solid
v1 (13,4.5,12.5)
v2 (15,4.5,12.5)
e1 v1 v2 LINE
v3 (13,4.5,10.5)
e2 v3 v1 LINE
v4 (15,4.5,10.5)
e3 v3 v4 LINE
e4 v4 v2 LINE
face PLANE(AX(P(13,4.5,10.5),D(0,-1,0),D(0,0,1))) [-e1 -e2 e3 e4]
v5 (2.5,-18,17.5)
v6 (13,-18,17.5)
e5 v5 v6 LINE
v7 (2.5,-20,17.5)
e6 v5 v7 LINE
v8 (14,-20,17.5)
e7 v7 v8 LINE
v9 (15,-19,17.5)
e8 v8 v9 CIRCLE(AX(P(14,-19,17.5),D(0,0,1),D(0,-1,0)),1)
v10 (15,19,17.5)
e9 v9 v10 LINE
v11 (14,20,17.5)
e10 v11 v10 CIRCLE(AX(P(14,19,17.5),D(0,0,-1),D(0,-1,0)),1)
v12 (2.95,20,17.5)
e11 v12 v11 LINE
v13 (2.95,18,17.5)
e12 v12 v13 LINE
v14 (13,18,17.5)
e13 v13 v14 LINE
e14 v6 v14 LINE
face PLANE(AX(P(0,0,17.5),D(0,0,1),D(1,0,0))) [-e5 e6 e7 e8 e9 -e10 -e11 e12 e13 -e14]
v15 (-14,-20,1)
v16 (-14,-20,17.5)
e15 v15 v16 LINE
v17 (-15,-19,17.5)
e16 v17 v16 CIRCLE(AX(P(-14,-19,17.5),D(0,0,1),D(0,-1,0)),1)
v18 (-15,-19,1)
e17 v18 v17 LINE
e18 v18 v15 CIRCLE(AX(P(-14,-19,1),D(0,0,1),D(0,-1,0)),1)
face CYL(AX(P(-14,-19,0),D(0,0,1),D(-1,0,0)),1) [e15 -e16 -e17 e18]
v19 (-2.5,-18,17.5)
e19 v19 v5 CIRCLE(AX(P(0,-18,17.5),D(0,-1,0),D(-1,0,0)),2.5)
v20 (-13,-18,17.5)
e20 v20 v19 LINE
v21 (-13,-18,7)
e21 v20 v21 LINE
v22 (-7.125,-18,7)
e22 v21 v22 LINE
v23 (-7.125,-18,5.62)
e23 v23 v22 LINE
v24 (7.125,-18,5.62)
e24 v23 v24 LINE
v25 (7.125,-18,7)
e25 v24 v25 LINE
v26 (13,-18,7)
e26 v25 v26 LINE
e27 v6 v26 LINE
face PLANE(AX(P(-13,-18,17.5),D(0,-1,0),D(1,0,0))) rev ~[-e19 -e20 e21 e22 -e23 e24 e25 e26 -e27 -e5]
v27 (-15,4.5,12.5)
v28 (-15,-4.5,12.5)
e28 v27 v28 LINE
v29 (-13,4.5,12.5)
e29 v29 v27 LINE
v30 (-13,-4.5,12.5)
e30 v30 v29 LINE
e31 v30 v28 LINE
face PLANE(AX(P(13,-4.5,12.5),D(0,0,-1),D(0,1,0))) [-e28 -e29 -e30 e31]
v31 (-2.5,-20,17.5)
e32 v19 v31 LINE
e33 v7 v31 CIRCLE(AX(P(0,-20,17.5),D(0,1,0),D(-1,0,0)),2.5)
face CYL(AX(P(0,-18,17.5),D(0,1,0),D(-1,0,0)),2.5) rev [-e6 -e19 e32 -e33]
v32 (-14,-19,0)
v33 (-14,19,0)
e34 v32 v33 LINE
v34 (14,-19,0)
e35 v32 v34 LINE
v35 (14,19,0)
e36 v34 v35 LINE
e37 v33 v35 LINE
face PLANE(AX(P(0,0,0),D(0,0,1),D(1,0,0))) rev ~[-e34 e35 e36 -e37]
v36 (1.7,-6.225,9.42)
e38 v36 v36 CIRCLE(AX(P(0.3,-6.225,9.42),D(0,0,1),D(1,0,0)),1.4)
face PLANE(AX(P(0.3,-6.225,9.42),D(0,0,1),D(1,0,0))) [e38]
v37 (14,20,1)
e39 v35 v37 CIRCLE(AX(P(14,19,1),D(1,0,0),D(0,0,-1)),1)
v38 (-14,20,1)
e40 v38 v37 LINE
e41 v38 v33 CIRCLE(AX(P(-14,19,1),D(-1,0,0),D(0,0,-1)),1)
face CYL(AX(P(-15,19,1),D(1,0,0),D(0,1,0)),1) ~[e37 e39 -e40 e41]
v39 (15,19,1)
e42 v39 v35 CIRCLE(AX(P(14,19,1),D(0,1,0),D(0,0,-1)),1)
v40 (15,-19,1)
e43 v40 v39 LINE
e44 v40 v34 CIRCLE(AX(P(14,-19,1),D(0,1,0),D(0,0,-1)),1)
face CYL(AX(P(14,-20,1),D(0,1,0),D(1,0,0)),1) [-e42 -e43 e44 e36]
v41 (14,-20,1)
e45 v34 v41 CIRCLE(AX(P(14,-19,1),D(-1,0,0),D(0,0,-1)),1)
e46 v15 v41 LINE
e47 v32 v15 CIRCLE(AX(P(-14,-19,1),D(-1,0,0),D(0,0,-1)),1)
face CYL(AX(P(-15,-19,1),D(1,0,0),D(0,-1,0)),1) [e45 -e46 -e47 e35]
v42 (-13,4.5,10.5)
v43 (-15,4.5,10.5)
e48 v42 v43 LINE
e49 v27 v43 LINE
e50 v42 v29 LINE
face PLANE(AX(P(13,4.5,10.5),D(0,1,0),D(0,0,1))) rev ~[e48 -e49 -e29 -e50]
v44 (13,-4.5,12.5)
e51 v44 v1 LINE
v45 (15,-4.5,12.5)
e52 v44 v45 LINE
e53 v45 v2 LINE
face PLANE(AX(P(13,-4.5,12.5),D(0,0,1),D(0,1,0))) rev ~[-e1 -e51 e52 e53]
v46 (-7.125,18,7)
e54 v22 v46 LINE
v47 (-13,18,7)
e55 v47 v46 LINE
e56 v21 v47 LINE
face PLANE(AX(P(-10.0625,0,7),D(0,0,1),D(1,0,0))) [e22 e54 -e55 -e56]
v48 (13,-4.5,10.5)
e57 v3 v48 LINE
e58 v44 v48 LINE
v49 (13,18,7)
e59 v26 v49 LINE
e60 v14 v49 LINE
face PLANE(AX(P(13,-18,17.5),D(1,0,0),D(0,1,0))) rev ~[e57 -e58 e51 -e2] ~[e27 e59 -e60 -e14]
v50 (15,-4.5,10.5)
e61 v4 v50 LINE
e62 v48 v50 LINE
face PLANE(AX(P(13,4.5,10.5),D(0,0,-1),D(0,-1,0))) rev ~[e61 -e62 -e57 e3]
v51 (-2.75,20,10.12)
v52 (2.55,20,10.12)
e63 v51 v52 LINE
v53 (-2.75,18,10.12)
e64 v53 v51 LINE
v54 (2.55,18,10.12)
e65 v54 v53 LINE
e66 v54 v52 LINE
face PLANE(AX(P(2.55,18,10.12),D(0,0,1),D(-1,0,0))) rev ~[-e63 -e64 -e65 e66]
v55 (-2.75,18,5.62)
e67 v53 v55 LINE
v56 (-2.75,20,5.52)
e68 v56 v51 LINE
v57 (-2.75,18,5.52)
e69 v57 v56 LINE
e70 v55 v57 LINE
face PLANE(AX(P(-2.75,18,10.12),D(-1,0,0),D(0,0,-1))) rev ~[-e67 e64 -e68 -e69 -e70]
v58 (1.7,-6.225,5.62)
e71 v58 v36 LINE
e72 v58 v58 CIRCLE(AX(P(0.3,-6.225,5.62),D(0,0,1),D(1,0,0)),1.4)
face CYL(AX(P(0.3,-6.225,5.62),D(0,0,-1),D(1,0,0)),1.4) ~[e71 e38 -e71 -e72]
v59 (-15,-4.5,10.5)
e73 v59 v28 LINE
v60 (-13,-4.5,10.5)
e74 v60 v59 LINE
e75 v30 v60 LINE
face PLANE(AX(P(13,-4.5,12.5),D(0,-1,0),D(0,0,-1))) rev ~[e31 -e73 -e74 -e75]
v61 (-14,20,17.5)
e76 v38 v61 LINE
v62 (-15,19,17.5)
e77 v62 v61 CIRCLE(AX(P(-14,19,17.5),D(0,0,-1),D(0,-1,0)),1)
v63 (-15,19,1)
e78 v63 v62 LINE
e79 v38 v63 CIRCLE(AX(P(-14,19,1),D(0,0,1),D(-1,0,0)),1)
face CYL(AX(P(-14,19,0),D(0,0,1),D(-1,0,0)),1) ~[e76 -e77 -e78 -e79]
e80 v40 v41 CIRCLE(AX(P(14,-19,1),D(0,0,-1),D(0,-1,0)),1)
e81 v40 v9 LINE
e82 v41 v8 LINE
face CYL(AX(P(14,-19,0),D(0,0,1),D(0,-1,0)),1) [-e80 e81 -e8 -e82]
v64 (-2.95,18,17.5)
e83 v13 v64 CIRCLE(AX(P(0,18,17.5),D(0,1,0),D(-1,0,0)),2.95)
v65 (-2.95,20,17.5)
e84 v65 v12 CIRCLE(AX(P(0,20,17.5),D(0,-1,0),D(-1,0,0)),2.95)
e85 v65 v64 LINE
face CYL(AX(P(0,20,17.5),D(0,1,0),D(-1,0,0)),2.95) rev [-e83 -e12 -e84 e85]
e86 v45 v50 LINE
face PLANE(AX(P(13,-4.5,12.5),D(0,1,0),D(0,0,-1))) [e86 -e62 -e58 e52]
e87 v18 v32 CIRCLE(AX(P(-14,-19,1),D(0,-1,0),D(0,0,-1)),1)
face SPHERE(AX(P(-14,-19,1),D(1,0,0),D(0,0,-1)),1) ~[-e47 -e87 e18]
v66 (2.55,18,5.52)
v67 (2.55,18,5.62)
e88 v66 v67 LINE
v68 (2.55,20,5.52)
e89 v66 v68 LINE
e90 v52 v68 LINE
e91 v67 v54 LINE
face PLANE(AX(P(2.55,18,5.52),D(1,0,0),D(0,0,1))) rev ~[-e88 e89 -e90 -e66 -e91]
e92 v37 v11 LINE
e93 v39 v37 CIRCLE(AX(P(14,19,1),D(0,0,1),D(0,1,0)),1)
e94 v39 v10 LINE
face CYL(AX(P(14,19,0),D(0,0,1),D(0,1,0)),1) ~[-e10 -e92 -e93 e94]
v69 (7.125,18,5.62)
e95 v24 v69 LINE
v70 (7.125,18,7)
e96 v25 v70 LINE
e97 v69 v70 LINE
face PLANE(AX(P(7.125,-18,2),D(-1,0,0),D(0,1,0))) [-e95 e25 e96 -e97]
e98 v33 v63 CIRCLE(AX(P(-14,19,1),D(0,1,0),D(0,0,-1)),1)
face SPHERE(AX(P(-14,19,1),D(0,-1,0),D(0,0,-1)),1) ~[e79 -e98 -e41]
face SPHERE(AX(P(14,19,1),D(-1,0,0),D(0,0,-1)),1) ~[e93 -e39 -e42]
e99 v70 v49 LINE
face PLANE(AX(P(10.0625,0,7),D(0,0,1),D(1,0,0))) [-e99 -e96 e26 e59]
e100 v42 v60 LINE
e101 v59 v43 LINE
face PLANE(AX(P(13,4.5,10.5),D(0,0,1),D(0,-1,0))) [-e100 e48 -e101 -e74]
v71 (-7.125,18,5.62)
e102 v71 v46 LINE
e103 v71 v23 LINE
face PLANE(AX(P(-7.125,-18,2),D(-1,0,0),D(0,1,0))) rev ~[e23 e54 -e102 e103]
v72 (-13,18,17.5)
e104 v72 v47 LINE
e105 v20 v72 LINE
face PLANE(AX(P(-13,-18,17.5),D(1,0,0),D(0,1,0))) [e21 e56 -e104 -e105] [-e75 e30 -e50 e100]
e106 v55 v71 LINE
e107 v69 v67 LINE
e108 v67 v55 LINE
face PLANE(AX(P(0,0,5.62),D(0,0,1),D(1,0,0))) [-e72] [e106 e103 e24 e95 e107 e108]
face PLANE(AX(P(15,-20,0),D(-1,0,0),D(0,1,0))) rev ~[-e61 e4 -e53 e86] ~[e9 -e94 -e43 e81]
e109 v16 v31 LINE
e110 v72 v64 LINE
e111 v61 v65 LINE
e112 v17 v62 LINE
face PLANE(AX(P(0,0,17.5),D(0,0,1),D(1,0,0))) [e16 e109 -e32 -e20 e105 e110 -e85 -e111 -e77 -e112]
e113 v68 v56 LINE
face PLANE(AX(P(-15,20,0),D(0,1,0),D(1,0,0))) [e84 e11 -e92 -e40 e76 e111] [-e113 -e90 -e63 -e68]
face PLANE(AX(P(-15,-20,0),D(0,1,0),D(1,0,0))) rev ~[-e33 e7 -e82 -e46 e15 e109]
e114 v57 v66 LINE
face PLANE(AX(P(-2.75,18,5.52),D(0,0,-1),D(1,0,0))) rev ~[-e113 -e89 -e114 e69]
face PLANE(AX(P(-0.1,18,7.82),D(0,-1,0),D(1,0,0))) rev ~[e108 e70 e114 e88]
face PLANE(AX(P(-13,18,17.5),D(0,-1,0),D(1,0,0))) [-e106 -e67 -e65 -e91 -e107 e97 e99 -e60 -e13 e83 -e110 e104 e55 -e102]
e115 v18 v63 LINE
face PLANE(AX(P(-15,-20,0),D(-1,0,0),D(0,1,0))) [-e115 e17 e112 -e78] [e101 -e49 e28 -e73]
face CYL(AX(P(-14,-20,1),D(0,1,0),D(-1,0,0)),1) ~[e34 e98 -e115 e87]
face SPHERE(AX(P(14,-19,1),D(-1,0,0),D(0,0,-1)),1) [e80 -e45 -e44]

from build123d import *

# Parameters (mm, degrees)
SKETCH1_W               = 30
SKETCH1_H               = 40
BOSS_EXTRUDE1_DEPTH     = 17.5
SKETCH2_W               = 26
SKETCH2_H               = 36
CUT_EXTRUDE1_DEPTH      = 15.5
BOSS_EXTRUDE2_DEPTH     = 3.62
CUT_EXTRUDE5_DEPTH      = 29
CUT_EXTRUDE5_DEPTH_BACK = 3
CUT_EXTRUDE6_DEPTH      = 3
SKETCH13_W              = 5.875
SKETCH13_H              = 36
BOSS_EXTRUDE4_DEPTH     = 5
CUT_EXTRUDE7_REACH      = 42
CUT_EXTRUDE8_DEPTH      = 3
SKETCH16_R              = 1.4
BOSS_EXTRUDE5_DEPTH     = 3.8
FILLET1_R               = 1


with BuildPart() as part:
    # Sketch1 → Boss-Extrude1 (new body)
    with BuildSketch(Plane.XY):
        Rectangle(SKETCH1_W, SKETCH1_H)
    extrude(amount=BOSS_EXTRUDE1_DEPTH)

    # Sketch2 → Cut-Extrude1 (cut)
    with BuildSketch(Plane.XY.offset(17.5)):
        Rectangle(SKETCH2_W, SKETCH2_H)
    extrude(amount=-CUT_EXTRUDE1_DEPTH, mode=Mode.SUBTRACT)

    # Sketch6 → Boss-Extrude2 (add)
    with BuildSketch(Plane.XY.offset(2)):
        Polygon((7.125, 18), (0, 18), (-7.125, 18), (-7.125, -13), (-7.125, -18), (7.125, -18), (7.125, -13), align=None)
    extrude(amount=BOSS_EXTRUDE2_DEPTH)

    # Sketch10 → Cut-Extrude5 (cut, two sides)
    with BuildSketch(Plane.ZY.offset(-13)) as cut_extrude5_sk:
        Polygon((12.5, 0), (12.5, -4.5), (10.5, -4.5), (10.5, 0), (10.5, 4.5), (12.5, 4.5), align=None)
    extrude(amount=CUT_EXTRUDE5_DEPTH, mode=Mode.SUBTRACT)
    extrude(cut_extrude5_sk.sketch, amount=-CUT_EXTRUDE5_DEPTH_BACK, mode=Mode.SUBTRACT)

    # Sketch12 → Cut-Extrude6 (cut, through all)
    with BuildSketch(Plane(origin=(0, -18, 0), x_dir=(1, 0, 0), z_dir=(0, 1, 0))):
        with BuildLine():
            Line((2.5, -17.5), (-2.5, -17.5))
            ThreePointArc((-2.5, -17.5), (0, -15), (2.5, -17.5))
        make_face()
    extrude(amount=-CUT_EXTRUDE6_DEPTH, mode=Mode.SUBTRACT)

    # Sketch13 → Boss-Extrude4 (add)
    with BuildSketch(Plane.XY.offset(2)):
        with Locations((-10.0625, 0)):
            Rectangle(SKETCH13_W, SKETCH13_H)
        with Locations((10.0625, 0)):
            Rectangle(SKETCH13_W, SKETCH13_H)
    extrude(amount=BOSS_EXTRUDE4_DEPTH)

    # Sketch14 → Cut-Extrude7 (cut, up to next)
    with BuildSketch(Plane(origin=(0, 20, 0), x_dir=(1, 0, 0), z_dir=(0, 1, 0)), mode=Mode.PRIVATE) as cut_extrude7_sk1:
        with BuildLine():
            Line((2.95, -17.5), (-2.95, -17.5))
            ThreePointArc((-2.95, -17.5), (0, -14.55), (2.95, -17.5))
        make_face()
    cut_extrude7_tool1 = extrude(cut_extrude7_sk1.sketch, amount=-CUT_EXTRUDE7_REACH, mode=Mode.PRIVATE) & part.part
    add(cut_extrude7_tool1.solids().sort_by_distance((0, 20, 16.247981))[0], mode=Mode.SUBTRACT)

    # Sketch15 → Cut-Extrude8 (cut, through all)
    with BuildSketch(Plane.XZ.offset(-18)):
        Polygon((-2.75, 10.12), (-2.75, 5.52), (2.55, 5.52), (2.55, 7.82), (2.55, 10.12), align=None)
    extrude(amount=-CUT_EXTRUDE8_DEPTH, mode=Mode.SUBTRACT)

    # Sketch16 → Boss-Extrude5 (add)
    with BuildSketch(Plane.XY.offset(5.62)):
        with Locations((0.3, -6.225)):
            Circle(SKETCH16_R)
    extrude(amount=BOSS_EXTRUDE5_DEPTH)

    # Fillet1
    fillet1_edges = [part.edges().sort_by_distance(p)[0] for p in [
        (0, -20, 0),
        (-15, 0, 0),
        (0, 20, 0),
        (15, 0, 0),
        (15, -20, 8.75),
        (-15, -20, 8.75),
        (-15, 20, 8.75),
        (15, 20, 8.75),
    ]]
    fillet(fillet1_edges, radius=FILLET1_R)


solid = part.part
